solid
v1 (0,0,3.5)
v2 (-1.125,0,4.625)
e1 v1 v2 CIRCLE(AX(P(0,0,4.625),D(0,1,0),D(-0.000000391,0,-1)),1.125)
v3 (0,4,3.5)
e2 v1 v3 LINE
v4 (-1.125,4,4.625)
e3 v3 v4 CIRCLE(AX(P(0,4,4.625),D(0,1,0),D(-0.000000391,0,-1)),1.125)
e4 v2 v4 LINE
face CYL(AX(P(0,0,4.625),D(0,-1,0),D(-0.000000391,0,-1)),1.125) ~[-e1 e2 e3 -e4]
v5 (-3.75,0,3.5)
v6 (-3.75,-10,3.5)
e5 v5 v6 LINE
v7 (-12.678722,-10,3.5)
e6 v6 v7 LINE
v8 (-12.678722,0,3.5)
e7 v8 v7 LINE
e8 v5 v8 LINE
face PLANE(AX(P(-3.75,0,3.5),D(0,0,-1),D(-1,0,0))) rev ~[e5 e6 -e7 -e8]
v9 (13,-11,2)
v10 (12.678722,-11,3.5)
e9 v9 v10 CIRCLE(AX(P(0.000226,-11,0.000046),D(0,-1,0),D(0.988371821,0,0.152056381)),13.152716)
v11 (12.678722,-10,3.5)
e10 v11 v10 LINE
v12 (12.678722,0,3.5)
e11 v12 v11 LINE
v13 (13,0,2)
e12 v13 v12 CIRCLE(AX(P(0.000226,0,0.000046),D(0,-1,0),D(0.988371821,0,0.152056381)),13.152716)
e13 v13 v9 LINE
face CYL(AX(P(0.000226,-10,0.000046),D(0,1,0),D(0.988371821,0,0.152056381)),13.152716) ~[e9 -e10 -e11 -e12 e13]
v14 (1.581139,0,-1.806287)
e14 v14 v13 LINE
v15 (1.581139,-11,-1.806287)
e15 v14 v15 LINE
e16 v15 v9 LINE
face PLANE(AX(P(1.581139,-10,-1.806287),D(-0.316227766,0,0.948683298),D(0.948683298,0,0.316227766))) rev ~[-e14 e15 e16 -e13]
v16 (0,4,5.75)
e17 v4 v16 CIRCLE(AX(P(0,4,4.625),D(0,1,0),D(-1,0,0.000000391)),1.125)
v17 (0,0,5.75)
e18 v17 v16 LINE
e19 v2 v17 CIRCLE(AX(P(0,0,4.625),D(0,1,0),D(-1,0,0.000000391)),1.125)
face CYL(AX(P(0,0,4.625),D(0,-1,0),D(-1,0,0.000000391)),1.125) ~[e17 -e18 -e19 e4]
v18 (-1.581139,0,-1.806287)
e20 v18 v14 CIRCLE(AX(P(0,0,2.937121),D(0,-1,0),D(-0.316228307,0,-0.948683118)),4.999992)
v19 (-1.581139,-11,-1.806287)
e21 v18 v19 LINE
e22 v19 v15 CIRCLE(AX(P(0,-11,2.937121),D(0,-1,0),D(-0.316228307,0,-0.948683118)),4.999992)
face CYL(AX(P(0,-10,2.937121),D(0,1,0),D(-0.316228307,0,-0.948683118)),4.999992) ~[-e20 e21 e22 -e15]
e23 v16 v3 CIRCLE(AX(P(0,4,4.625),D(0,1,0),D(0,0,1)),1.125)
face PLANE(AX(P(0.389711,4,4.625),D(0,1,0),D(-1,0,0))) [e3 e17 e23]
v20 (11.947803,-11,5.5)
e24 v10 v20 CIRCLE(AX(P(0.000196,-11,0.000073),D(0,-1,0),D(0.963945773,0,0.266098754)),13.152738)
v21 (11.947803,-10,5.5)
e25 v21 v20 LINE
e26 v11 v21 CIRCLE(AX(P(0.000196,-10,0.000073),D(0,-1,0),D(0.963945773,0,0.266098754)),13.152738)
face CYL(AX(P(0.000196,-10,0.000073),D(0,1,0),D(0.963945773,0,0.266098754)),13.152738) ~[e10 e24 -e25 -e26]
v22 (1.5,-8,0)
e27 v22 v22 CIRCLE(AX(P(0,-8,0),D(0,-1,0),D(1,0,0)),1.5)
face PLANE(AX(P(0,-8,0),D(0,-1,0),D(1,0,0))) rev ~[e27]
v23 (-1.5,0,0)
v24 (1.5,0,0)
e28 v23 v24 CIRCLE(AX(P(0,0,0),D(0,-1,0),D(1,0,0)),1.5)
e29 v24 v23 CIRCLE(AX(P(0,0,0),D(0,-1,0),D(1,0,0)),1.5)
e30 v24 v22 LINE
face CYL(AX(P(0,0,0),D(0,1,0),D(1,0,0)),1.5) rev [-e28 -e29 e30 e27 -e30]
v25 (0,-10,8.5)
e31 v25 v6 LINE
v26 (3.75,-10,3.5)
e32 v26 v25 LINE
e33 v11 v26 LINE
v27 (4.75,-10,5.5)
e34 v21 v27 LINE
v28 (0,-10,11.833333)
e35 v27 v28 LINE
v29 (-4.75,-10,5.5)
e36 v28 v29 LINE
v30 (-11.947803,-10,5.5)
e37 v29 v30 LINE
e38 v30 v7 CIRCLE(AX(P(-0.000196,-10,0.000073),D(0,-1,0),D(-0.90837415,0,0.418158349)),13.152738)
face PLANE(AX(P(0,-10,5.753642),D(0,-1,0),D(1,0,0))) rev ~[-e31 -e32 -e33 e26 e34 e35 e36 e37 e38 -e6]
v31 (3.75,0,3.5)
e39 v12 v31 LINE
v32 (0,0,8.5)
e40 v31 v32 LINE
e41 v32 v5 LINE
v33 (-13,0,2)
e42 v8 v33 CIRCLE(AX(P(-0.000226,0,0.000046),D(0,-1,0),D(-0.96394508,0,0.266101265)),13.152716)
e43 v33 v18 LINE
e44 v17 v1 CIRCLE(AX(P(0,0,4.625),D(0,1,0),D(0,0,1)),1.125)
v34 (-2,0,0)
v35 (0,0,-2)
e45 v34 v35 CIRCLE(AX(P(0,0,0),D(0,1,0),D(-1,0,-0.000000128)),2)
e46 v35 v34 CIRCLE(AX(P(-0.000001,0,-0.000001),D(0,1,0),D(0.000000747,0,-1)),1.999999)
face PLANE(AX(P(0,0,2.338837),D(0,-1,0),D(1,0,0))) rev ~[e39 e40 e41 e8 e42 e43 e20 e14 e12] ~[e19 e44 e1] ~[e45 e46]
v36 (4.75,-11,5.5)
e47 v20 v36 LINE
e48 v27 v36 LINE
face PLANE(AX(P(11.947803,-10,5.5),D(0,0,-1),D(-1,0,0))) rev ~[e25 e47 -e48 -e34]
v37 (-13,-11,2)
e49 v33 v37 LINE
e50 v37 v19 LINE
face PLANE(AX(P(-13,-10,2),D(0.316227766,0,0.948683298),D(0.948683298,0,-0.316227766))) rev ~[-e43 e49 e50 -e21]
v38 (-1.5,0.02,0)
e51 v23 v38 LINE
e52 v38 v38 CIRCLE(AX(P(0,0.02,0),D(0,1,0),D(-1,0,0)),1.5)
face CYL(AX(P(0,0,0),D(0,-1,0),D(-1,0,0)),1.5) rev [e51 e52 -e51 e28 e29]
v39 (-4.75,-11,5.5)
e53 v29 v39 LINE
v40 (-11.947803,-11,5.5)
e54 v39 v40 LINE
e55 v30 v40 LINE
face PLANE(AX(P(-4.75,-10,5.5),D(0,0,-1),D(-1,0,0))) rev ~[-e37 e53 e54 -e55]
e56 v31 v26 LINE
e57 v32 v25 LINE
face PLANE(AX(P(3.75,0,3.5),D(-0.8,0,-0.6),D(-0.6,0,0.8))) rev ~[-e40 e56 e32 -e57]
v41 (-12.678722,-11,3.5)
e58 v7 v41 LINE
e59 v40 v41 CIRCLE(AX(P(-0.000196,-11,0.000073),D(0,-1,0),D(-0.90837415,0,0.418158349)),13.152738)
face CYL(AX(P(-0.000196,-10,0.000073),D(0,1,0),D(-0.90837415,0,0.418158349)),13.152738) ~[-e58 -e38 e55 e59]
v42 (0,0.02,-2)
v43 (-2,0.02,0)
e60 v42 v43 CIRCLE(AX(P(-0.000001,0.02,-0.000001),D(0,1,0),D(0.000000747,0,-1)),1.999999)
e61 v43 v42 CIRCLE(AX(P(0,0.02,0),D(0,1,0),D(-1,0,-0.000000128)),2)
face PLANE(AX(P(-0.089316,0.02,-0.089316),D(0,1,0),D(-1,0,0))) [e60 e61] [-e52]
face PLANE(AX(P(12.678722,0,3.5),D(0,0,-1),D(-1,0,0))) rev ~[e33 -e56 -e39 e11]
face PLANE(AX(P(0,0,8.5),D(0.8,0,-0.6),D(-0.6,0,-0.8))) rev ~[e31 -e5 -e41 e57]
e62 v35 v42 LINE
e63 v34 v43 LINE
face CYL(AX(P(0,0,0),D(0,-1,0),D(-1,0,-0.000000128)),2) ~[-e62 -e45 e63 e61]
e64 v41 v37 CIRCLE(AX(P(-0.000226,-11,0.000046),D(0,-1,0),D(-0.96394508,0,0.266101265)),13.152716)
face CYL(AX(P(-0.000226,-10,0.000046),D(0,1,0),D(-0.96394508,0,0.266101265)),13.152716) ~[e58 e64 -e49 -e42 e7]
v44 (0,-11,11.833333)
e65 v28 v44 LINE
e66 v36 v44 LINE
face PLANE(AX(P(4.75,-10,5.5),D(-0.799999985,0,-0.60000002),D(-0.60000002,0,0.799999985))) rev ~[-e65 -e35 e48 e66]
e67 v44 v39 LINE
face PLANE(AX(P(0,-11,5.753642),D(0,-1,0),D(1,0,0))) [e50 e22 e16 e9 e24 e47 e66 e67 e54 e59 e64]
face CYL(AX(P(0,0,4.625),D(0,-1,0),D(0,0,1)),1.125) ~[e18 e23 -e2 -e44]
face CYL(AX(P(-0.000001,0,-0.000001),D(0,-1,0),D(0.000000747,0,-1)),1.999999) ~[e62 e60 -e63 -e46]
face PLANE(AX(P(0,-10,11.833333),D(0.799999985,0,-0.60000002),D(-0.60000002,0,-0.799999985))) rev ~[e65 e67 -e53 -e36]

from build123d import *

# Parameters (mm, degrees)
F0_R     = 1.5
F1_DEPTH = 10
F4_DEPTH = 4
F2_R     = 1.5
F5_DEPTH = 2
F6_R     = 1.5
F7_DEPTH = 0.02
F9_DEPTH = 1


with BuildPart() as f1:
    # F0 (on Front) → F1 (new body)
    with BuildSketch(Plane.XZ):
        with BuildLine():
            Line((-3.75, 3.5), (-12.678722, 3.5))
            ThreePointArc((-12.678722, 3.5), (-12.861248, 2.754688), (-13, 2))
            Line((-13, 2), (-1.581139, -1.806287))
            ThreePointArc((-1.581139, -1.806287), (0, -2.062871), (1.581139, -1.806287))
            Line((1.581139, -1.806287), (13, 2))
            ThreePointArc((13, 2), (12.861248, 2.754688), (12.678722, 3.5))
            Line((12.678722, 3.5), (3.75, 3.5))
            Line((3.75, 3.5), (0, 8.5))
            Line((0, 8.5), (-3.75, 3.5))
        make_face()
        Circle(F0_R, mode=Mode.SUBTRACT)
    extrude(amount=F1_DEPTH)

    # F3 (on face) → F4 (join)
    with BuildSketch(Plane(origin=(0, 0, 0), x_dir=(-1, 0, 0), z_dir=(0, 1, 0))):
        with BuildLine():
            Line((0, 3.5), (0, 5.75))
            ThreePointArc((0, 5.75), (-1.125, 4.625), (0, 3.5))
        make_face()
        with BuildLine():
            ThreePointArc((0, 3.5), (0.795495, 3.829505), (1.125, 4.625))
            ThreePointArc((1.125, 4.625), (0.795495, 5.420495), (0, 5.75))
            Line((0, 5.75), (0, 3.5))
        make_face()
    extrude(amount=F4_DEPTH)

    # F2 (on face) → F5 (join)
    with BuildSketch(Plane.XZ.offset(10)):
        Circle(F2_R)
    extrude(amount=-F5_DEPTH)

    # F6 (on face) → F7 (join)
    with BuildSketch(Plane(origin=(0, 0, 0), x_dir=(-1, 0, 0), z_dir=(0, 1, 0))):
        with BuildLine():
            ThreePointArc((0, -2), (1.414214, -1.414214), (2, 0))
            ThreePointArc((2, 0), (-1.414214, 1.414214), (0, -2))
        make_face()
        Circle(F6_R, mode=Mode.SUBTRACT)
    extrude(amount=F7_DEPTH)

    # F8 (on face) → F9 (join)
    with BuildSketch(Plane.XZ.offset(10)):
        with BuildLine():
            Line((0, 11.833333), (-4.75, 5.5))
            Line((-4.75, 5.5), (-11.947803, 5.5))
            ThreePointArc((-11.947803, 5.5), (-12.353803, 4.514816), (-12.678722, 3.5))
            Line((-12.678722, 3.5), (-3.75, 3.5))
            Line((-3.75, 3.5), (0, 8.5))
            Line((0, 8.5), (3.75, 3.5))
            Line((3.75, 3.5), (12.678722, 3.5))
            ThreePointArc((12.678722, 3.5), (12.353803, 4.514816), (11.947803, 5.5))
            Line((11.947803, 5.5), (4.75, 5.5))
            Line((4.75, 5.5), (0, 11.833333))
        make_face()
        with BuildLine():
            Line((-3.75, 3.5), (-12.678722, 3.5))
            ThreePointArc((-12.678722, 3.5), (-12.861248, 2.754688), (-13, 2))
            Line((-13, 2), (-1.581139, -1.806287))
            ThreePointArc((-1.581139, -1.806287), (0, -2.062871), (1.581139, -1.806287))
            Line((1.581139, -1.806287), (13, 2))
            ThreePointArc((13, 2), (12.861248, 2.754688), (12.678722, 3.5))
            Line((12.678722, 3.5), (3.75, 3.5))
            Line((3.75, 3.5), (0, 8.5))
            Line((0, 8.5), (-3.75, 3.5))
        make_face()
    extrude(amount=F9_DEPTH)


solid = f1.part
